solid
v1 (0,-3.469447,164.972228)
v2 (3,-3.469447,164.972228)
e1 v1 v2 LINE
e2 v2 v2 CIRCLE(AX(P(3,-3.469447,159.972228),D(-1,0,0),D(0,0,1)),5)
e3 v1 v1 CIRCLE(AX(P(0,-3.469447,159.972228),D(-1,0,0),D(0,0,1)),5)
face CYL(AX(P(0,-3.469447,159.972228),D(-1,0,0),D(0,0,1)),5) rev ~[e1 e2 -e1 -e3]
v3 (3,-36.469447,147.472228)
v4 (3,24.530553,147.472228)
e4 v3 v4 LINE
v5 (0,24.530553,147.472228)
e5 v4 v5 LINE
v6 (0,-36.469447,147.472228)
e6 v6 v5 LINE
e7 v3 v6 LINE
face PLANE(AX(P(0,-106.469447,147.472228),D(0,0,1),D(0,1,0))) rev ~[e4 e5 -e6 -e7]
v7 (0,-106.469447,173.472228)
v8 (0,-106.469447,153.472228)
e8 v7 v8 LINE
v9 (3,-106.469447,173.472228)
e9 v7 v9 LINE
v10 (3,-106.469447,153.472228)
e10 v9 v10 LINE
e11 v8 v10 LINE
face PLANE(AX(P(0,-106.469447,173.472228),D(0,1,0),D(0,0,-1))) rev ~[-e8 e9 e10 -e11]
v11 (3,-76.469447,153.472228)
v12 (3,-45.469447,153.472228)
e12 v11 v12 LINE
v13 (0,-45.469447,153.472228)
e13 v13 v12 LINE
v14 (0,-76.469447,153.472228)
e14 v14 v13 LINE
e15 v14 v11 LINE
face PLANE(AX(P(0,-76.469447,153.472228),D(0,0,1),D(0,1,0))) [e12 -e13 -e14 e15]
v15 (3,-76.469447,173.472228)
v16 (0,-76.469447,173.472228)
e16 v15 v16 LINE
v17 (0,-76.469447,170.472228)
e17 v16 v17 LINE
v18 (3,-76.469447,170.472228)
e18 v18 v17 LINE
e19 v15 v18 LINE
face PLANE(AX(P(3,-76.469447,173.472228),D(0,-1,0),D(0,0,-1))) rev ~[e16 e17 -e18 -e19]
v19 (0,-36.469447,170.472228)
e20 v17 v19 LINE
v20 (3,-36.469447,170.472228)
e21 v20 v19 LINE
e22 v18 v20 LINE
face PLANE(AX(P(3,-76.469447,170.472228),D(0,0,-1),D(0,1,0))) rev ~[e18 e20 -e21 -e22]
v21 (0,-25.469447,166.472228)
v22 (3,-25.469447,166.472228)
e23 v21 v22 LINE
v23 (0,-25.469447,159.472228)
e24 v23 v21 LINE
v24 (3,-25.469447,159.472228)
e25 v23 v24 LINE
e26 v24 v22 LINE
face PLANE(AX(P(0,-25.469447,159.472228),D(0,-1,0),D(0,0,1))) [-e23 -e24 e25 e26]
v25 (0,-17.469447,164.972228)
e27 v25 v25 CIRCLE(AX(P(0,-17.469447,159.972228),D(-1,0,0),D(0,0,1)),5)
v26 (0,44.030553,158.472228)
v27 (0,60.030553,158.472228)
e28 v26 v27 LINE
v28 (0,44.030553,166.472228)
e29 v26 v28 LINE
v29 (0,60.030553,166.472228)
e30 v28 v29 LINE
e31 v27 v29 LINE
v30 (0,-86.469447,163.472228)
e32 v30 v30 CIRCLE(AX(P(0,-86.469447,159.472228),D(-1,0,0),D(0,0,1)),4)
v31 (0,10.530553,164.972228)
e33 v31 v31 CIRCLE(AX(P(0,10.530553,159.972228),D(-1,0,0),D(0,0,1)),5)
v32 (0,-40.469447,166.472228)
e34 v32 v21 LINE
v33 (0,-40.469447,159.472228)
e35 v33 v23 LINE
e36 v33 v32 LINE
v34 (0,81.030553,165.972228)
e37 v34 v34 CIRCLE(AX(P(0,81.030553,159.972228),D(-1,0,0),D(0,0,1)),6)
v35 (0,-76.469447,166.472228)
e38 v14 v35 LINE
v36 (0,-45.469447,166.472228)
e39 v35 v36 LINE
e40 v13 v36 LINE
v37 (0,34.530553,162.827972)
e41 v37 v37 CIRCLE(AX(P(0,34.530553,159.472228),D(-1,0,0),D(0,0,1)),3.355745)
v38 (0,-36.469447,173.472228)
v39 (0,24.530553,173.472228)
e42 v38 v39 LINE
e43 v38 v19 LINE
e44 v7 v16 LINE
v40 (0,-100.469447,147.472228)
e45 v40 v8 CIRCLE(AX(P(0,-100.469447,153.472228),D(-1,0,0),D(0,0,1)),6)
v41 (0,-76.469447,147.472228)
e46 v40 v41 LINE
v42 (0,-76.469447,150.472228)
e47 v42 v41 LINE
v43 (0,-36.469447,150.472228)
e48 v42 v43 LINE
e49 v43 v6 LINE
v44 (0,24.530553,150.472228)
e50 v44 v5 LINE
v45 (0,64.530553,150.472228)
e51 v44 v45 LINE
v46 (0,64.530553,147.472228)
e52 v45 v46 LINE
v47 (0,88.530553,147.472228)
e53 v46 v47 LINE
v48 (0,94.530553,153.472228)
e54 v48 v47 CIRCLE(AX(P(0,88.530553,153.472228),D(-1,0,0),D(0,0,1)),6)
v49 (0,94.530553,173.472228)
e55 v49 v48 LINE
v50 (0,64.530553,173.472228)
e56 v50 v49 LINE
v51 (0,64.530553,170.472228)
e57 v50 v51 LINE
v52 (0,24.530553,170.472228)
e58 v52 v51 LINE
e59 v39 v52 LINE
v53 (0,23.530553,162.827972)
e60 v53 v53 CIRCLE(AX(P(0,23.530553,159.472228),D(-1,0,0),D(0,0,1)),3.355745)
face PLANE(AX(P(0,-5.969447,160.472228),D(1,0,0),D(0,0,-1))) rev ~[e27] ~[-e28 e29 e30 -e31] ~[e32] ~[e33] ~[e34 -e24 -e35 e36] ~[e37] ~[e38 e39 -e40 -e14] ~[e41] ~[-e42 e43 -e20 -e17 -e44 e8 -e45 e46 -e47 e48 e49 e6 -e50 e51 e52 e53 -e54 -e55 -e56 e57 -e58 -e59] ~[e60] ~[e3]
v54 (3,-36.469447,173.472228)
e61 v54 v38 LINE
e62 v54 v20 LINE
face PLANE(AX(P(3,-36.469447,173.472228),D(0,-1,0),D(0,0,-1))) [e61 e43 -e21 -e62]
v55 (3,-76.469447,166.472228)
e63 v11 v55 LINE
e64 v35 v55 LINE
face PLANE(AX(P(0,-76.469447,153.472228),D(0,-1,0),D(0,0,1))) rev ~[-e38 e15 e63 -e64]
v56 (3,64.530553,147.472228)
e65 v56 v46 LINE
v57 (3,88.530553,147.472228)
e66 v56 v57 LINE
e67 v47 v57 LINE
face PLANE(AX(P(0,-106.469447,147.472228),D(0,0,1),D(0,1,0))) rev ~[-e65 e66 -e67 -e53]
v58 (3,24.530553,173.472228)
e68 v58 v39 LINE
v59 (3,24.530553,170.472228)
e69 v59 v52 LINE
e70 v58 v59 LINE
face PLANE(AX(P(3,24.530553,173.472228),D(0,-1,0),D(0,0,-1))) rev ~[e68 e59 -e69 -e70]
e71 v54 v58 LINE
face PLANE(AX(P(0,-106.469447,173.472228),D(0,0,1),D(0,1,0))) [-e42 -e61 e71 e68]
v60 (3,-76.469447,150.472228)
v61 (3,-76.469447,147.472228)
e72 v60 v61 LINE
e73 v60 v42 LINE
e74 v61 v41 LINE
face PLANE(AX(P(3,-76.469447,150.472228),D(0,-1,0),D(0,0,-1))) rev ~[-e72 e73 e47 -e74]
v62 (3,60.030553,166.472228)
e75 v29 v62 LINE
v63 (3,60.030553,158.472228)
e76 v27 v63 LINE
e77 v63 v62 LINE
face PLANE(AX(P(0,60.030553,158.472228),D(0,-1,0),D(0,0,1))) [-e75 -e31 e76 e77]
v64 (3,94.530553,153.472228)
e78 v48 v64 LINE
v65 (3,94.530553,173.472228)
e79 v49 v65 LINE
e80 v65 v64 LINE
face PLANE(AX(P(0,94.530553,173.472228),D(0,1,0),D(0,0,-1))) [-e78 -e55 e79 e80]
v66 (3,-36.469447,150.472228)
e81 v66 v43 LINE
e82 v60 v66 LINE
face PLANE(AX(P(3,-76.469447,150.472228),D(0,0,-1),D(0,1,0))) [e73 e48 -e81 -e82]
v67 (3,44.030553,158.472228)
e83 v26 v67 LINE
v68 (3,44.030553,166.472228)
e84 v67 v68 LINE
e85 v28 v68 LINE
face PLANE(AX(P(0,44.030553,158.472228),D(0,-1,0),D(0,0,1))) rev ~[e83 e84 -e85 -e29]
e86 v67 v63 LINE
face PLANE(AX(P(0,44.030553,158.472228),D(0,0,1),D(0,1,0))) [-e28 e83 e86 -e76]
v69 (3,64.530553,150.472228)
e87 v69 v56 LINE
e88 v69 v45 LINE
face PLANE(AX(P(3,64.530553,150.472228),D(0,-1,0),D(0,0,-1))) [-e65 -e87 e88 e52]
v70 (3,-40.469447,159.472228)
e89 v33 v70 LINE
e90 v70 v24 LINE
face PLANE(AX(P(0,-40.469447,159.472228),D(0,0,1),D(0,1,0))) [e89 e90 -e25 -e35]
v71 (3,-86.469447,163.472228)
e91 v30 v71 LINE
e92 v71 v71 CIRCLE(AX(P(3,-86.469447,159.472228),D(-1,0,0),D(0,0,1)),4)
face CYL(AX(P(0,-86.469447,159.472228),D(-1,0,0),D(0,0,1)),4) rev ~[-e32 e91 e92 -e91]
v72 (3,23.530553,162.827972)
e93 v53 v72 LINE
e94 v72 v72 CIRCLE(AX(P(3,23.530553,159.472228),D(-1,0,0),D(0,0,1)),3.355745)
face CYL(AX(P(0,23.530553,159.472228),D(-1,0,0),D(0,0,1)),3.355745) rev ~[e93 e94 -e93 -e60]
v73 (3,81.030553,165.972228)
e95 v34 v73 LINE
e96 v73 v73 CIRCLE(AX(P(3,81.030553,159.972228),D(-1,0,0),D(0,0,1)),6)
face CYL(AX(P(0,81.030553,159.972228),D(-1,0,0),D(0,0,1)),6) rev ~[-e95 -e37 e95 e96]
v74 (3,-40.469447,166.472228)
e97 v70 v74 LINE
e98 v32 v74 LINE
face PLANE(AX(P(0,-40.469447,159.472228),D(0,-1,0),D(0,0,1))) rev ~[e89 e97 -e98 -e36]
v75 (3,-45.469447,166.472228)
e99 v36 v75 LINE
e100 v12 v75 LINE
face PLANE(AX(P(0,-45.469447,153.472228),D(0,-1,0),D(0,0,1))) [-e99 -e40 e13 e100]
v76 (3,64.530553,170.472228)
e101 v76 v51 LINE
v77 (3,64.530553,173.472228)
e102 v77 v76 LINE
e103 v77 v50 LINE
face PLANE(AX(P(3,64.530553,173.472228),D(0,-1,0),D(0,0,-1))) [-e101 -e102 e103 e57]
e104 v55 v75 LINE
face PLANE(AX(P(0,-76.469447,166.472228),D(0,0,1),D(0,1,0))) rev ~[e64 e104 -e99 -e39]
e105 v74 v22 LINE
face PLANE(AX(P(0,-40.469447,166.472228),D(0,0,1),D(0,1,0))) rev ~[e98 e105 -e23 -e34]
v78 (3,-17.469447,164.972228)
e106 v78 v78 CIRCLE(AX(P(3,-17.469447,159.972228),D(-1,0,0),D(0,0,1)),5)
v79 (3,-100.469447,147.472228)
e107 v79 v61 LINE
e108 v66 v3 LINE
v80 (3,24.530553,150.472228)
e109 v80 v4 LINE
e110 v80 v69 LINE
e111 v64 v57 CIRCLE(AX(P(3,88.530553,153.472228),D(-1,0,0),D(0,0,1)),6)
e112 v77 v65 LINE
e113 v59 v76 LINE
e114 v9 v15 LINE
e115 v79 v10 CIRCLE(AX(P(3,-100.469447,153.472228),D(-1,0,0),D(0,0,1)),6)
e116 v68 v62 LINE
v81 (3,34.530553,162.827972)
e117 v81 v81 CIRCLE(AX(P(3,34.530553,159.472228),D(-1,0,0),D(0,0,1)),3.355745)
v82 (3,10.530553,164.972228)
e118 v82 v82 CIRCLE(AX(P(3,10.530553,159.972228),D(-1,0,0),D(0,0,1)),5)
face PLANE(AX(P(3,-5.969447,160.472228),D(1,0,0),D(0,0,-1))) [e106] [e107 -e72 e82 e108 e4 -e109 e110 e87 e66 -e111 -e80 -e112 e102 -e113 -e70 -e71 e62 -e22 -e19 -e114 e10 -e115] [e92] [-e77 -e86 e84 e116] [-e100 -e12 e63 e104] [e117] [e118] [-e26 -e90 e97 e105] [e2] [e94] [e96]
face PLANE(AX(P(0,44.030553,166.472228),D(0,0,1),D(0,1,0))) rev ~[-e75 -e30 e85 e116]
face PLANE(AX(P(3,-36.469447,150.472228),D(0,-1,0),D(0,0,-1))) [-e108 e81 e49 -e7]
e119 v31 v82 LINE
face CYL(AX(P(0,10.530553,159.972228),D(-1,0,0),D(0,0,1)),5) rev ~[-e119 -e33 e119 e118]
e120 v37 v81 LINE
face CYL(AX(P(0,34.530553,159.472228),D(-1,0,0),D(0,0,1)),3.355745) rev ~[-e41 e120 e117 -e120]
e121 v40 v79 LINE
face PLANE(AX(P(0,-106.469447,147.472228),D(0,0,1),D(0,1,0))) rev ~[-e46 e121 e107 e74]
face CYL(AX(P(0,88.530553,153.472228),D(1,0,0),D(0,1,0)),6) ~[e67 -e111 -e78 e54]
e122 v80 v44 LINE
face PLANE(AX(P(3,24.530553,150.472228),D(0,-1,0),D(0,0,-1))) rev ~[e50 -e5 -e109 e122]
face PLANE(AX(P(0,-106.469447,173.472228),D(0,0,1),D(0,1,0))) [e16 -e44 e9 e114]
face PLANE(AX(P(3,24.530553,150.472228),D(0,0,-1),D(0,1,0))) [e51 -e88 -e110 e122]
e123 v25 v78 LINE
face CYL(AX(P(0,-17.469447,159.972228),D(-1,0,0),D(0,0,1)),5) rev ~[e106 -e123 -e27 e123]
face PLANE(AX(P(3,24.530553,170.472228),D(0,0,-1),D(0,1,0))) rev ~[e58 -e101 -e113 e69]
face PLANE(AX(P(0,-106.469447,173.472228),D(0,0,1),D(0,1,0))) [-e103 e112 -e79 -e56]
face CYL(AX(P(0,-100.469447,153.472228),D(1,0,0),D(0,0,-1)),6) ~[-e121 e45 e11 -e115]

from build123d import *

# Parameters (mm, degrees)
SKETCH_1_W          = 26
SKETCH_1_H          = 201
EXTRUDE_1_DEPTH     = 3
SKETCH_5_W          = 3
SKETCH_5_H          = 40
CUT_EXTRUDE_1_DEPTH = 3
FILLET_1_R          = 6
FILLET_2_R          = 6
SKETCH_6_R          = 4
SKETCH_6_R_2        = 5
SKETCH_6_R_3        = 3.355744506
SKETCH_6_R_4        = 6
SKETCH_6_W          = 13
SKETCH_6_H          = 31
SKETCH_6_W_2        = 7
SKETCH_6_H_2        = 15
SKETCH_6_W_3        = 8
SKETCH_6_H_3        = 16
CUT_EXTRUDE_2_DEPTH = 3


with BuildPart() as part:
    # 草图1 → 凸台-拉伸1 (new body)
    with BuildSketch(Plane(origin=(0, 0, 0), x_dir=(0, 0, -1), z_dir=(1, 0, 0))):
        with Locations((-160.472227767, -5.969447374)):
            Rectangle(SKETCH_1_W, SKETCH_1_H)
    extrude(amount=EXTRUDE_1_DEPTH)

    # 草图5 → 切除-拉伸1 (cut)
    with BuildSketch(Plane(origin=(3, 0, 0), x_dir=(0, 0, -1), z_dir=(1, 0, 0))):
        with Locations((-148.972227767, 44.530552626)):
            Rectangle(SKETCH_5_W, SKETCH_5_H)
        with Locations((-171.972227767, 44.530552626)):
            Rectangle(SKETCH_5_W, SKETCH_5_H)
        with Locations((-171.972227767, -56.469447374)):
            Rectangle(SKETCH_5_W, SKETCH_5_H)
        with Locations((-148.972227767, -56.469447374)):
            Rectangle(SKETCH_5_W, SKETCH_5_H)
    extrude(amount=-CUT_EXTRUDE_1_DEPTH, mode=Mode.SUBTRACT)

    # 圆角1
    fillet_1_edges = [part.edges().sort_by_distance(p)[0] for p in [
        (1.5, 94.530552626, 147.472227767),
    ]]
    fillet(fillet_1_edges, radius=FILLET_1_R)

    # 圆角2
    fillet_2_edges = [part.edges().sort_by_distance(p)[0] for p in [
        (1.5, -106.469447374, 147.472227767),
    ]]
    fillet(fillet_2_edges, radius=FILLET_2_R)

    # 草图6 → 切除-拉伸2 (cut)
    with BuildSketch(Plane.ZY):
        with Locations((159.472227767, -86.469447374)):
            Circle(SKETCH_6_R)
        with Locations((159.972227767, -17.469447374)):
            Circle(SKETCH_6_R_2)
        with Locations((159.972227767, -3.469447374)):
            Circle(SKETCH_6_R_2)
        with Locations((159.972227767, 10.530552626)):
            Circle(SKETCH_6_R_2)
        with Locations((159.472227767, 23.530552626)):
            Circle(SKETCH_6_R_3)
        with Locations((159.472227767, 34.530552626)):
            Circle(SKETCH_6_R_3)
        with Locations((159.972227767, 81.030552626)):
            Circle(SKETCH_6_R_4)
        with Locations((159.972227767, -60.969447374)):
            Rectangle(SKETCH_6_W, SKETCH_6_H)
        with Locations((162.972227767, -32.969447374)):
            Rectangle(SKETCH_6_W_2, SKETCH_6_H_2)
        with Locations((162.472227767, 52.030552626)):
            Rectangle(SKETCH_6_W_3, SKETCH_6_H_3)
    extrude(amount=-CUT_EXTRUDE_2_DEPTH, mode=Mode.SUBTRACT)


solid = part.part
